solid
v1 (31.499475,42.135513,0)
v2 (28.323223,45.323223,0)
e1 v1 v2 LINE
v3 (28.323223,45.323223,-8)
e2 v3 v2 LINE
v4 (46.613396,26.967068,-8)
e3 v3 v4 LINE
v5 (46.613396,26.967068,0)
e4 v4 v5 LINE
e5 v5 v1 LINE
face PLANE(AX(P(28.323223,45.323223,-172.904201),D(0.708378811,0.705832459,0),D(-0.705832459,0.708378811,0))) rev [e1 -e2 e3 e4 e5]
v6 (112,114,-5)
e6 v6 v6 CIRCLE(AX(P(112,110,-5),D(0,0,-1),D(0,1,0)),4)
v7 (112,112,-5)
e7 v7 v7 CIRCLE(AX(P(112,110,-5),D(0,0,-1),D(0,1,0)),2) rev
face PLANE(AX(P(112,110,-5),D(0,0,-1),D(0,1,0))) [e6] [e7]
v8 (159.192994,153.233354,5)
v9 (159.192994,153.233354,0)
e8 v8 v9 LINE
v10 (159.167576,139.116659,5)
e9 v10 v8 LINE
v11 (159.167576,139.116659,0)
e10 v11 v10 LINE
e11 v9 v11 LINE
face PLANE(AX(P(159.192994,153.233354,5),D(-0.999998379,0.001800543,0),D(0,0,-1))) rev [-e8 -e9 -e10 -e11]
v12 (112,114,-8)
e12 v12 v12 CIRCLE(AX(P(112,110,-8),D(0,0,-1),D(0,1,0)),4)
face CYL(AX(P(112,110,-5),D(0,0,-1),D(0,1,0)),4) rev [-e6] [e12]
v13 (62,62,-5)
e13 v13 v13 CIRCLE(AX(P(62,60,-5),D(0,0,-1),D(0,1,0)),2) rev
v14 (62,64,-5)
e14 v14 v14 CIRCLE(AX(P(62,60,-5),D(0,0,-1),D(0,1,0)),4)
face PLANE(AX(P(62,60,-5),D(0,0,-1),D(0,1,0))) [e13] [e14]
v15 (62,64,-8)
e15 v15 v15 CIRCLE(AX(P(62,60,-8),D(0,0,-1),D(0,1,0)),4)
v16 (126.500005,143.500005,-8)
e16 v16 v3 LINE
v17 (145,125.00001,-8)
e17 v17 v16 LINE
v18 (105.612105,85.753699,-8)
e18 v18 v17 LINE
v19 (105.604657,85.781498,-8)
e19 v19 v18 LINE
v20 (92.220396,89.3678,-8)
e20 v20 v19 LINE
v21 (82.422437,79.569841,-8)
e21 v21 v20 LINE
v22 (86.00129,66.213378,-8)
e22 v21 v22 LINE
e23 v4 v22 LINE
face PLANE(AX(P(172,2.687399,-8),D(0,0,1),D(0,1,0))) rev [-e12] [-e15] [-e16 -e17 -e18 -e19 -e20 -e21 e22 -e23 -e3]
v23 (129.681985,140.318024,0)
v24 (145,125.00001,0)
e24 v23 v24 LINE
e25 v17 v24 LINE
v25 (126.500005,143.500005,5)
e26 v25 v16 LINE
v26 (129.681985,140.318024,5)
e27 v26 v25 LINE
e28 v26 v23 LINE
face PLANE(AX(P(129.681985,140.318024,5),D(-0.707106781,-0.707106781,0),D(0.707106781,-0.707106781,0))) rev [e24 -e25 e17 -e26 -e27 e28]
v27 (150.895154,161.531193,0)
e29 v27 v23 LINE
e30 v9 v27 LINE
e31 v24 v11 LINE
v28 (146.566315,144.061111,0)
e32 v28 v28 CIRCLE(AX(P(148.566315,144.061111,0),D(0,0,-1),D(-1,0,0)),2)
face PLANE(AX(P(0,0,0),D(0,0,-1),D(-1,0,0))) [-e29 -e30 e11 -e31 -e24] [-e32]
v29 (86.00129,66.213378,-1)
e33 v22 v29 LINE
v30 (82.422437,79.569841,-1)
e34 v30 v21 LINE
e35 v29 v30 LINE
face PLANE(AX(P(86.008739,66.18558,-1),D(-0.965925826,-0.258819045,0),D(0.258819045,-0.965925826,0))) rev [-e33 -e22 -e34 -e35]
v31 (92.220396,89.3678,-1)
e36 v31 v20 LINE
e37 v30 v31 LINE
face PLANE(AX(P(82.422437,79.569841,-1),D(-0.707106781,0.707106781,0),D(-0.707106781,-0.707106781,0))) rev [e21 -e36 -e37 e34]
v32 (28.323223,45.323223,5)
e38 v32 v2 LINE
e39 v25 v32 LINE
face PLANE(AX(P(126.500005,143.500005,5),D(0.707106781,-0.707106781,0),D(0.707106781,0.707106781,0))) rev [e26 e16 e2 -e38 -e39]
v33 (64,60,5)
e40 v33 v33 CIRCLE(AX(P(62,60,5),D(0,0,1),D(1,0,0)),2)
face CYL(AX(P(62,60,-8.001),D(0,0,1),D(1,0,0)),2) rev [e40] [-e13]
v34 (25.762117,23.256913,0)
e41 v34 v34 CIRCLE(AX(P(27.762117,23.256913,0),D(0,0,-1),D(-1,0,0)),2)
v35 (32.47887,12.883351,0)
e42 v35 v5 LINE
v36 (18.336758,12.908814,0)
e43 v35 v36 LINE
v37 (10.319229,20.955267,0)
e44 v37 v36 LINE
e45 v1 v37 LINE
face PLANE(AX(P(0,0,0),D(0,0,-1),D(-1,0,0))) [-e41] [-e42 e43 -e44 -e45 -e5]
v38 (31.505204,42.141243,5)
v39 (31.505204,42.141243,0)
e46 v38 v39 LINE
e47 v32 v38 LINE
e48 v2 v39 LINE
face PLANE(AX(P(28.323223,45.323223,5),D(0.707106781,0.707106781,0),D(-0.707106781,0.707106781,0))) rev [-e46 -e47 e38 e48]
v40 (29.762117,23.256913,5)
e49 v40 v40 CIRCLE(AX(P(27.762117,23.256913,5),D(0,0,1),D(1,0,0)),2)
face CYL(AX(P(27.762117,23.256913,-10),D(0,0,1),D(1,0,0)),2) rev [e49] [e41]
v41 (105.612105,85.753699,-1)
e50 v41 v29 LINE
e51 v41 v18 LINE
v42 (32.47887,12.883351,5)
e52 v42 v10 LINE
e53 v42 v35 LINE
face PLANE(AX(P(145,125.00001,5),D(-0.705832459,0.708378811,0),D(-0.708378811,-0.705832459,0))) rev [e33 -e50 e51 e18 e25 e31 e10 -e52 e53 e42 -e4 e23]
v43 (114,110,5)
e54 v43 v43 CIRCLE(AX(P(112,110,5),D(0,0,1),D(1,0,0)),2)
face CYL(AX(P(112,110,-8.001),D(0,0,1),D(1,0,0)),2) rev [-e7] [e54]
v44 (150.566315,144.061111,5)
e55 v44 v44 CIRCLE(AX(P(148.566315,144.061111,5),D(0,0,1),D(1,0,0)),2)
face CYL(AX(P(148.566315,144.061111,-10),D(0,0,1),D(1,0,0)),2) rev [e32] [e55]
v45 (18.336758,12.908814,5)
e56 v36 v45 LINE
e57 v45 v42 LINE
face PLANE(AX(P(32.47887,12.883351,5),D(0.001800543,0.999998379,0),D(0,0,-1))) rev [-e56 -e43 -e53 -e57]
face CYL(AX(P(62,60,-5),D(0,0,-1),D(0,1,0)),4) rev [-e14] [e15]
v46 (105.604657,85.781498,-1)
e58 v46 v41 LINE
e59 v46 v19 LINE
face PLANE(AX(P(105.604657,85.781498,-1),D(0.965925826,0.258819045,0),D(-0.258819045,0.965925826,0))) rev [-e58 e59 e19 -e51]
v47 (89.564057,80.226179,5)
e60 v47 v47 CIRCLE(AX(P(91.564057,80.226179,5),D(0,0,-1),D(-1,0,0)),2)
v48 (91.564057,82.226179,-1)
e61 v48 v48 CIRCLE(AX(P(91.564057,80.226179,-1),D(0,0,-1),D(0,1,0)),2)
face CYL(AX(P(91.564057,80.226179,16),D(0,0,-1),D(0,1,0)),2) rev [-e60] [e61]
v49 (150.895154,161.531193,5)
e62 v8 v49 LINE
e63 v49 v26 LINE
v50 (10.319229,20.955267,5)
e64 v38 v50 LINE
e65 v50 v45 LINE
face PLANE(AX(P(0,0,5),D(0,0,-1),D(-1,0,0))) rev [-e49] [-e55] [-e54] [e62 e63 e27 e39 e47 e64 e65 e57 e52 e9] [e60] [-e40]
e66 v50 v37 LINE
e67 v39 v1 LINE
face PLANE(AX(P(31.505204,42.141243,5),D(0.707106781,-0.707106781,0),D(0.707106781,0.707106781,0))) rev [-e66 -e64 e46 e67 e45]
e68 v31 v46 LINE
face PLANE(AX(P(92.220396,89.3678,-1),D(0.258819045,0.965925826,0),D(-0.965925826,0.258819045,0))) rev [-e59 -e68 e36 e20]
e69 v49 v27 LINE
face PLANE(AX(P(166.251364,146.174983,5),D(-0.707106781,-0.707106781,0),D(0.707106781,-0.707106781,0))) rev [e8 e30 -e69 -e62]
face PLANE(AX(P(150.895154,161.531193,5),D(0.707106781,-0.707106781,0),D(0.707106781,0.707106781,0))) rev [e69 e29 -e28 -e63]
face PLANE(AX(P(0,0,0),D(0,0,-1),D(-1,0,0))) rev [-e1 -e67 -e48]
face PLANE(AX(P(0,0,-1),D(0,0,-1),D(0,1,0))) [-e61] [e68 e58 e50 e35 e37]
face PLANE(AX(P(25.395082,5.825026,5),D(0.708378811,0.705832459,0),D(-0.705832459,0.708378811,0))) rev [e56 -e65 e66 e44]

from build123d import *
from OCP.BRepFilletAPI import BRepFilletAPI_MakeChamfer

# Parameters (mm, degrees)
BOSS_EXTRUDE1_DEPTH = 5
SKETCH2_R           = 2
CUT_EXTRUDE1_DEPTH  = 15
BOSS_EXTRUDE2_DEPTH = 8
CHAMFER1_SIZE       = 10
CHAMFER1_SIZE2      = 9.982043079
CUT_EXTRUDE2_REACH  = 229.165
SKETCH4_R           = 2
SKETCH5_R           = 4
CUT_EXTRUDE3_DEPTH  = 3
CUT_EXTRUDE4_DEPTH  = 7
SKETCH7_R           = 2
CUT_EXTRUDE5_DEPTH  = 17


with BuildPart() as part:
    # Sketch1 → Boss-Extrude1 (new body)
    with BuildSketch(Plane.XY):
        Polygon((46.646446609, 27), (145, 125.000009716), (166.251364342, 146.174983473), (150.895154423, 161.531193392), (129.681985373, 140.318024342), (126.500004858, 143.500004858), (28.323223305, 45.323223305), (31.50520382, 42.141242789), (10.319228506, 20.955267476), (25.395082268, 5.825026243), align=None)
    extrude(amount=BOSS_EXTRUDE1_DEPTH)

    # Sketch2 → Cut-Extrude1 (cut)
    with BuildSketch(Plane.XY.offset(5)):
        with Locations((27.762116716, 23.256912896)):
            Circle(SKETCH2_R)
        with Locations((148.566315267, 144.061111447)):
            Circle(SKETCH2_R)
    extrude(amount=-CUT_EXTRUDE1_DEPTH, mode=Mode.SUBTRACT)

    # Sketch3 → Boss-Extrude2 (add)
    with BuildSketch(Plane(origin=(0, 0, 0), x_dir=(-1, 0, 0), z_dir=(0, 0, -1))):
        Polygon((-28.323223305, 45.323223305), (-46.613395502, 26.967067699), (-145, 125.000009716), (-126.500004858, 143.500004858), align=None)
    extrude(amount=BOSS_EXTRUDE2_DEPTH)

    # Chamfer1: one chamfer whose edges measure the first distance from different faces: ONE call of the kernel's chamfer builder (chamfer() names one face for all edges)
    chamfer1_edges_1 = [part.edges().sort_by_distance(p)[0] for p in [
        (25.395082268, 5.825026243, 2.5),
    ]]
    chamfer1_edges_2 = [part.edges().sort_by_distance(p)[0] for p in [
        (166.251364342, 146.174983473, 2.5),
    ]]
    chamfer1_side_2 = [part.faces().sort_by_distance(p)[0] for p in [
        (95.814501721, 75.991314625, -0.930462506),
    ]]
    chamfer1 = BRepFilletAPI_MakeChamfer(part.part.solid().wrapped)
    for e in chamfer1_edges_1:
        chamfer1.Add(CHAMFER1_SIZE, e.wrapped)
    for e in chamfer1_edges_2:
        chamfer1.Add(CHAMFER1_SIZE, CHAMFER1_SIZE2, e.wrapped, chamfer1_side_2[0].wrapped)  # the first distance lies on this face
    add(Compound.cast(chamfer1.Shape()), mode=Mode.REPLACE)

    # Sketch4 → Cut-Extrude2 (cut, up to next)
    with BuildSketch(Plane.XY.offset(5), mode=Mode.PRIVATE) as cut_extrude2_sk1:
        with Locations((62, 60)):
            Circle(SKETCH4_R)
    cut_extrude2_tool1 = extrude(cut_extrude2_sk1.sketch, amount=-CUT_EXTRUDE2_REACH, mode=Mode.PRIVATE) & part.part
    # Sketch4 → Cut-Extrude2 (cut, up to next)
    with BuildSketch(Plane.XY.offset(5), mode=Mode.PRIVATE) as cut_extrude2_sk2:
        with Locations((112, 110)):
            Circle(SKETCH4_R)
    cut_extrude2_tool2 = extrude(cut_extrude2_sk2.sketch, amount=-CUT_EXTRUDE2_REACH, mode=Mode.PRIVATE) & part.part
    add(cut_extrude2_tool1.solids().sort_by_distance((62, 60, 5))[0], mode=Mode.SUBTRACT)
    add(cut_extrude2_tool2.solids().sort_by_distance((112, 110, 5))[0], mode=Mode.SUBTRACT)

    # Sketch5 → Cut-Extrude3 (cut)
    with BuildSketch(Plane(origin=(0, 0, -8), x_dir=(-1, 0, 0), z_dir=(0, 0, -1))):
        with Locations(Location((-62, 60, 0), (0, 0, 90))):
            Circle(SKETCH5_R)
        with Locations(Location((-112, 110, 0), (0, 0, 90))):
            Circle(SKETCH5_R)
    extrude(amount=-CUT_EXTRUDE3_DEPTH, mode=Mode.SUBTRACT)

    # Sketch6 → Cut-Extrude4 (cut)
    with BuildSketch(Plane(origin=(0, 0, -8), x_dir=(-1, 0, 0), z_dir=(0, 0, -1))):
        Polygon((-92.220395862, 89.367799567), (-105.604656722, 85.781497678), (-109.190958611, 72.397236819), (-99.39299964, 62.599277847), (-86.00873878, 66.185579736), (-82.422436891, 79.569840596), align=None)
    extrude(amount=-CUT_EXTRUDE4_DEPTH, mode=Mode.SUBTRACT)

    # Sketch7 → Cut-Extrude5 (cut)
    with BuildSketch(Plane(origin=(0, 0, -1), x_dir=(-1, 0, 0), z_dir=(0, 0, -1))):
        with Locations(Location((-91.564057064, 80.226179394, 0), (0, 0, 90))):
            Circle(SKETCH7_R)
    extrude(amount=-CUT_EXTRUDE5_DEPTH, mode=Mode.SUBTRACT)


solid = part.part
